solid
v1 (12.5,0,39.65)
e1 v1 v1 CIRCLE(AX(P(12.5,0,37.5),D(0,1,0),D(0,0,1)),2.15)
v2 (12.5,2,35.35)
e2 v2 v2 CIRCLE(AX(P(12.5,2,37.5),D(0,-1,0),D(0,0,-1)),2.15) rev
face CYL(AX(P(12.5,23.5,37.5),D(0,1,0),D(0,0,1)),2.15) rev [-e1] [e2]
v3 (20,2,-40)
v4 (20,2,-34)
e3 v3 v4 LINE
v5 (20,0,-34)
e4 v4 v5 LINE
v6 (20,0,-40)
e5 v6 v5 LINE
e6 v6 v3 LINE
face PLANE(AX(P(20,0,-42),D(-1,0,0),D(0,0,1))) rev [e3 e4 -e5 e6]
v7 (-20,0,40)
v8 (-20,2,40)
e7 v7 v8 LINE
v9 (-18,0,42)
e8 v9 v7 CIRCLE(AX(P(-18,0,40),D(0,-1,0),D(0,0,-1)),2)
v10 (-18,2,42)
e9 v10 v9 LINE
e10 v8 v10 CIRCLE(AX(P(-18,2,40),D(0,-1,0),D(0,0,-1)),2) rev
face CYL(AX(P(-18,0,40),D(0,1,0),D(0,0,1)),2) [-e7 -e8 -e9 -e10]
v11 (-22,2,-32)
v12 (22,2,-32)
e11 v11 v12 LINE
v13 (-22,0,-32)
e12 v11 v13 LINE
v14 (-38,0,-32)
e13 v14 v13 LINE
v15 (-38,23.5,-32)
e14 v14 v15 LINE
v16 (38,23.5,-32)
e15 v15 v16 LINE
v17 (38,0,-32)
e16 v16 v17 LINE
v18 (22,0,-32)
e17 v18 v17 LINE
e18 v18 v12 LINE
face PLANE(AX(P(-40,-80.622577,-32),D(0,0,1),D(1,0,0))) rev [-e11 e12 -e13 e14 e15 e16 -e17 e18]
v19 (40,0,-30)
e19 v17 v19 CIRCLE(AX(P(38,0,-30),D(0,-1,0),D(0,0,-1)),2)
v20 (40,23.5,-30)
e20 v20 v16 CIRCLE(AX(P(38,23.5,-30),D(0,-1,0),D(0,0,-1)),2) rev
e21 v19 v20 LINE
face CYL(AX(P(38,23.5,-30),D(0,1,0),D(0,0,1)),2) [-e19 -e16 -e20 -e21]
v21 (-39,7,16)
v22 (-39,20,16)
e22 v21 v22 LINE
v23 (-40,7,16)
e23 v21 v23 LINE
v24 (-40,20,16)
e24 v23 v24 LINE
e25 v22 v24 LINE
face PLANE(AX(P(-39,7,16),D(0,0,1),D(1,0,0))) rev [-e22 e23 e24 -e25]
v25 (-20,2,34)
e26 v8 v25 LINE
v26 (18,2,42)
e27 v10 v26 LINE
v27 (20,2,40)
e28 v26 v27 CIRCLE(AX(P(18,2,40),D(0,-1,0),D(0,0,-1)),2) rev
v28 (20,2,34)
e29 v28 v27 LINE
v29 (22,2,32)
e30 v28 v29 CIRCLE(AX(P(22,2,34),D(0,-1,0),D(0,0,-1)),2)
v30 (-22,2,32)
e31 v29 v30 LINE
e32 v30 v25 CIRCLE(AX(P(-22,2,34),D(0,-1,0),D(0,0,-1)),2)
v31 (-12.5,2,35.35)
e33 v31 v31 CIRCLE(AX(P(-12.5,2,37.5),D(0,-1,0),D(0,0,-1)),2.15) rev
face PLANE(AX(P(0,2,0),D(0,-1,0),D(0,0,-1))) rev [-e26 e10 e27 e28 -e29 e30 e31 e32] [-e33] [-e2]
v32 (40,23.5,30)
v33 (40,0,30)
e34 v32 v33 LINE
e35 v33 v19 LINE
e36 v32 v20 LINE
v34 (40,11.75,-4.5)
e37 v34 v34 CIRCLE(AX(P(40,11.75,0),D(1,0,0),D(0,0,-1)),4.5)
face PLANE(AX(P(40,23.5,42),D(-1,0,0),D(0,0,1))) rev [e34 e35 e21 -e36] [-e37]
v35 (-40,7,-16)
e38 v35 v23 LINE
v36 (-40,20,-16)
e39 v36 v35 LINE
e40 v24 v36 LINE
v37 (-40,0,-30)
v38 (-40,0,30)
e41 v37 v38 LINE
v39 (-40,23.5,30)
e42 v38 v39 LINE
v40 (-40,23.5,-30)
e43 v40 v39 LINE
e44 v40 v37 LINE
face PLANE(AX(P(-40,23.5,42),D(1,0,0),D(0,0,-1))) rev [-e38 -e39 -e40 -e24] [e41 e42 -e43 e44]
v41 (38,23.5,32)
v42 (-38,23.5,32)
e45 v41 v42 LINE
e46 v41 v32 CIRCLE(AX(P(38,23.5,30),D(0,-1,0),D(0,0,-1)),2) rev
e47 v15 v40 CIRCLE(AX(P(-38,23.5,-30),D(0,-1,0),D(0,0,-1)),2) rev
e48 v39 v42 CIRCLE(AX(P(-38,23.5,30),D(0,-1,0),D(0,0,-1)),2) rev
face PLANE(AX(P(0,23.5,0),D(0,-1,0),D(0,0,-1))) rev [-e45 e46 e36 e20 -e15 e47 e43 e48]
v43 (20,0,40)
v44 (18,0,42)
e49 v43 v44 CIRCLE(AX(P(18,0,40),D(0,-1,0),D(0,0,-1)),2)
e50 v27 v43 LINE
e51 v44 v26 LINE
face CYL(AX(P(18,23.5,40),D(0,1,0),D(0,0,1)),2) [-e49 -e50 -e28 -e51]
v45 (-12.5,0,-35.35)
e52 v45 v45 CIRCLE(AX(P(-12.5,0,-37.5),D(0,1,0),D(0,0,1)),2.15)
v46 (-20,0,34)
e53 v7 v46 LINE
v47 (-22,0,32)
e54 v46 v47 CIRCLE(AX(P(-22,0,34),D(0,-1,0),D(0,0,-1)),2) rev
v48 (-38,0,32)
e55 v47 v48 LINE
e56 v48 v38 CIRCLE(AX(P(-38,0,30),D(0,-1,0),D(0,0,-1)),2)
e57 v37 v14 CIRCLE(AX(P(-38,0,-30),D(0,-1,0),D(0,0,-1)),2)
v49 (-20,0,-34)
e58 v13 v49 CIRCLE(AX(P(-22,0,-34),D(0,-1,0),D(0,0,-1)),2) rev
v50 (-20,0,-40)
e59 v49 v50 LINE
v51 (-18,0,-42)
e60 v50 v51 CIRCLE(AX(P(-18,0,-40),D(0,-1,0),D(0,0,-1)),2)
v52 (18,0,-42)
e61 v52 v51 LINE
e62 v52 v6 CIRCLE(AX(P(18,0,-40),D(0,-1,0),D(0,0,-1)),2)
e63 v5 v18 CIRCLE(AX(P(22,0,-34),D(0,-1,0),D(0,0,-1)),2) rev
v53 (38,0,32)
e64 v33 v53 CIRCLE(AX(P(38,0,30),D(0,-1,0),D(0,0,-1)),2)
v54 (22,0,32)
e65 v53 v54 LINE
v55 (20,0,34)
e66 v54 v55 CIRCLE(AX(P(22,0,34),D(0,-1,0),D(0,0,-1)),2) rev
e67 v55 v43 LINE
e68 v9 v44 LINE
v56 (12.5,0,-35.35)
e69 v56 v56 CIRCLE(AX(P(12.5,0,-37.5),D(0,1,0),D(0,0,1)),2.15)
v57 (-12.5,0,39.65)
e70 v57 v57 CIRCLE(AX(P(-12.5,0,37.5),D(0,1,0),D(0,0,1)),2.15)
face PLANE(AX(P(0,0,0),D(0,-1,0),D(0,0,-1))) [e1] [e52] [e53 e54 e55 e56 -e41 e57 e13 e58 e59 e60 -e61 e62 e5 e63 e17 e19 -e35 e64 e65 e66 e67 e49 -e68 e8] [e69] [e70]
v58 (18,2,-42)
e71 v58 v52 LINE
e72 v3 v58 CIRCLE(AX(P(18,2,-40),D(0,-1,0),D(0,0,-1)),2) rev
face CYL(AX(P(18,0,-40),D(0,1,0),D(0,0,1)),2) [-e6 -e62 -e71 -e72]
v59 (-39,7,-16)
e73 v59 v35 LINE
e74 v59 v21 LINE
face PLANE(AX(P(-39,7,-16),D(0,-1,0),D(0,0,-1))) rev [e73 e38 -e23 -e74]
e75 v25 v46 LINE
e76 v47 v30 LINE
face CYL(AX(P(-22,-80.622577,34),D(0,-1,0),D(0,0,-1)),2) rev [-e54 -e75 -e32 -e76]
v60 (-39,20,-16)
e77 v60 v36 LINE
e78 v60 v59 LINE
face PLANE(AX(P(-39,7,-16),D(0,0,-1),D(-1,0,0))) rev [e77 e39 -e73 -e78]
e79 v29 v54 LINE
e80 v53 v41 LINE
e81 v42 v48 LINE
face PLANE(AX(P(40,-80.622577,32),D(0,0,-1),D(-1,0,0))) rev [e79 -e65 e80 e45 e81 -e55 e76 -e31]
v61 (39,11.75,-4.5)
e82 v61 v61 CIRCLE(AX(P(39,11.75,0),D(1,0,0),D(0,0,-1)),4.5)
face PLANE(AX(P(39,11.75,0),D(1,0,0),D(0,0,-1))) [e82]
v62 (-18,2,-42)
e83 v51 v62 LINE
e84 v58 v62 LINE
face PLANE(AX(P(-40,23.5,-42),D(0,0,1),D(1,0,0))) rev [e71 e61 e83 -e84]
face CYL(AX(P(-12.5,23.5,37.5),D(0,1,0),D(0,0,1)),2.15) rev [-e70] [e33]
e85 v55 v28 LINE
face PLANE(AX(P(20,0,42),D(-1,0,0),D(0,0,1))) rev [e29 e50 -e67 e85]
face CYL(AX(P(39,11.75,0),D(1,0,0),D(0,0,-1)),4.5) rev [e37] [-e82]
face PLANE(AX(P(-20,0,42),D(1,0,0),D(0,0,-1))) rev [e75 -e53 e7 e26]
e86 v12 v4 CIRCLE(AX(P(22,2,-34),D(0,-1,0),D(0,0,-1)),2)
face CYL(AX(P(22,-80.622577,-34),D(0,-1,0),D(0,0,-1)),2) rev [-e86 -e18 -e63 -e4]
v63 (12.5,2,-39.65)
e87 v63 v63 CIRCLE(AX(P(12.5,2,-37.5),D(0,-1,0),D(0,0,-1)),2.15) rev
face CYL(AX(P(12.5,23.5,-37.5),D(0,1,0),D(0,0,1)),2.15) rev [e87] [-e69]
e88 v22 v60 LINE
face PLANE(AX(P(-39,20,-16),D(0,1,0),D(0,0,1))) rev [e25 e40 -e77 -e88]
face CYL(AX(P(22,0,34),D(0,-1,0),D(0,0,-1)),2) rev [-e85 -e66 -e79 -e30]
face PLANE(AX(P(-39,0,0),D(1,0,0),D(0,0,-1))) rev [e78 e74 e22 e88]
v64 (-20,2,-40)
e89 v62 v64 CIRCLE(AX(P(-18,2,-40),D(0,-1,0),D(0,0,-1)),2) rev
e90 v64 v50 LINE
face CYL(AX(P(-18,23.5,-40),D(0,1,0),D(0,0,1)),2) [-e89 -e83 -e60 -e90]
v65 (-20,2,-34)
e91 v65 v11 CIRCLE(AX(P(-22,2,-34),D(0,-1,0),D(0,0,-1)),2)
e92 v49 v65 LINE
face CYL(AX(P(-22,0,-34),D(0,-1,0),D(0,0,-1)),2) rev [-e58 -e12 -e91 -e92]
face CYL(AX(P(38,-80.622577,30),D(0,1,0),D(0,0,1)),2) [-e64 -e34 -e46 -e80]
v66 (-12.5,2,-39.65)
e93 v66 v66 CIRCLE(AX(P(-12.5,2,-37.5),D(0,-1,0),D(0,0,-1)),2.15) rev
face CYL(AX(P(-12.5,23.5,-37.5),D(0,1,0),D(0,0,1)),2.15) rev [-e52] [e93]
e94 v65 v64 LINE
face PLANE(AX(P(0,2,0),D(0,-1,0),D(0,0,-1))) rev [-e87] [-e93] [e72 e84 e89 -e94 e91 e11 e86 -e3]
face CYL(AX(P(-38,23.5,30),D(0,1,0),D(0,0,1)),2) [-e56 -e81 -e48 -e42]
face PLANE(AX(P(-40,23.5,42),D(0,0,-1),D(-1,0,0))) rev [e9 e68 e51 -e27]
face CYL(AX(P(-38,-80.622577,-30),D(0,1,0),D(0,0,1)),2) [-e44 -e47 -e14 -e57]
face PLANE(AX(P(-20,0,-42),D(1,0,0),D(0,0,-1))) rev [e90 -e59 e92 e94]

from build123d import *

# Parameters (mm, degrees)
SKETCH1_W            = 80
SKETCH1_H            = 84
BOSS_EXTRUDE1_DEPTH  = 23.5
M4_CLEARANCE_HOLE1_D = 4.3
SKETCH5_W            = 32
SKETCH5_H            = 13
CUT_EXTRUDE1_DEPTH   = 1
SKETCH6_R            = 4.5
CUT_EXTRUDE2_DEPTH   = 1
SKETCH7_W            = 80
SKETCH7_H            = 10
CUT_EXTRUDE3_DEPTH   = 21.5
SKETCH8_W            = 20
SKETCH8_H            = 10
CUT_EXTRUDE4_DEPTH   = 62.85668921
FILLET1_R            = 2


with BuildPart() as part:
    # Sketch1 → Boss-Extrude1 (new body)
    with BuildSketch(Plane(origin=(0, 0, 0), x_dir=(1, 0, 0), z_dir=(0, 1, 0))):
        Rectangle(SKETCH1_W, SKETCH1_H)
    extrude(amount=BOSS_EXTRUDE1_DEPTH)

    # M4 Clearance Hole1 (through all)
    with Locations(Plane(origin=(0, 23.5, 0), x_dir=(1, 0, 0), z_dir=(0, 1, 0))):
        with Locations((-12.5, 37.5), (12.5, 37.5), (-12.5, -37.5), (12.5, -37.5)):
            Hole(M4_CLEARANCE_HOLE1_D / 2)

    # Sketch5 → Cut-Extrude1 (cut)
    with BuildSketch(Plane.ZY.offset(40)):
        with Locations((0, 13.5)):
            Rectangle(SKETCH5_W, SKETCH5_H)
    extrude(amount=-CUT_EXTRUDE1_DEPTH, mode=Mode.SUBTRACT)

    # Sketch6 → Cut-Extrude2 (cut)
    with BuildSketch(Plane(origin=(40, 0, 0), x_dir=(0, 0, -1), z_dir=(1, 0, 0))):
        with Locations((0, 11.75)):
            Circle(SKETCH6_R)
    extrude(amount=-CUT_EXTRUDE2_DEPTH, mode=Mode.SUBTRACT)

    # Sketch7 → Cut-Extrude3 (cut)
    with BuildSketch(Plane(origin=(0, 23.5, 0), x_dir=(1, 0, 0), z_dir=(0, 1, 0))):
        with Locations((0, 37)):
            Rectangle(SKETCH7_W, SKETCH7_H)
        with Locations((0, -37)):
            Rectangle(SKETCH7_W, SKETCH7_H)
    extrude(amount=-CUT_EXTRUDE3_DEPTH, mode=Mode.SUBTRACT)

    # Sketch8 → Cut-Extrude4 (cut, through all)
    with BuildSketch(Plane(origin=(0, 2, 0), x_dir=(1, 0, 0), z_dir=(0, 1, 0))):
        with Locations((-30, 37)):
            Rectangle(SKETCH8_W, SKETCH8_H)
        with Locations((30, 37)):
            Rectangle(SKETCH8_W, SKETCH8_H)
        with Locations((-30, -37)):
            Rectangle(SKETCH8_W, SKETCH8_H)
        with Locations((30, -37)):
            Rectangle(SKETCH8_W, SKETCH8_H)
    extrude(amount=-CUT_EXTRUDE4_DEPTH, mode=Mode.SUBTRACT)

    # Fillet1
    fillet1_edges = [part.edges().sort_by_distance(p)[0] for p in [
        (20, 1, -32),
        (20, 1, -42),
        (-20, 1, 32),
        (-20, 1, 42),
        (20, 1, 42),
        (20, 1, 32),
        (-20, 1, -42),
        (-20, 1, -32),
        (40, 11.75, -32),
        (-40, 11.75, -32),
        (-40, 11.75, 32),
        (40, 11.75, 32),
    ]]
    fillet(fillet1_edges, radius=FILLET1_R)


solid = part.part
